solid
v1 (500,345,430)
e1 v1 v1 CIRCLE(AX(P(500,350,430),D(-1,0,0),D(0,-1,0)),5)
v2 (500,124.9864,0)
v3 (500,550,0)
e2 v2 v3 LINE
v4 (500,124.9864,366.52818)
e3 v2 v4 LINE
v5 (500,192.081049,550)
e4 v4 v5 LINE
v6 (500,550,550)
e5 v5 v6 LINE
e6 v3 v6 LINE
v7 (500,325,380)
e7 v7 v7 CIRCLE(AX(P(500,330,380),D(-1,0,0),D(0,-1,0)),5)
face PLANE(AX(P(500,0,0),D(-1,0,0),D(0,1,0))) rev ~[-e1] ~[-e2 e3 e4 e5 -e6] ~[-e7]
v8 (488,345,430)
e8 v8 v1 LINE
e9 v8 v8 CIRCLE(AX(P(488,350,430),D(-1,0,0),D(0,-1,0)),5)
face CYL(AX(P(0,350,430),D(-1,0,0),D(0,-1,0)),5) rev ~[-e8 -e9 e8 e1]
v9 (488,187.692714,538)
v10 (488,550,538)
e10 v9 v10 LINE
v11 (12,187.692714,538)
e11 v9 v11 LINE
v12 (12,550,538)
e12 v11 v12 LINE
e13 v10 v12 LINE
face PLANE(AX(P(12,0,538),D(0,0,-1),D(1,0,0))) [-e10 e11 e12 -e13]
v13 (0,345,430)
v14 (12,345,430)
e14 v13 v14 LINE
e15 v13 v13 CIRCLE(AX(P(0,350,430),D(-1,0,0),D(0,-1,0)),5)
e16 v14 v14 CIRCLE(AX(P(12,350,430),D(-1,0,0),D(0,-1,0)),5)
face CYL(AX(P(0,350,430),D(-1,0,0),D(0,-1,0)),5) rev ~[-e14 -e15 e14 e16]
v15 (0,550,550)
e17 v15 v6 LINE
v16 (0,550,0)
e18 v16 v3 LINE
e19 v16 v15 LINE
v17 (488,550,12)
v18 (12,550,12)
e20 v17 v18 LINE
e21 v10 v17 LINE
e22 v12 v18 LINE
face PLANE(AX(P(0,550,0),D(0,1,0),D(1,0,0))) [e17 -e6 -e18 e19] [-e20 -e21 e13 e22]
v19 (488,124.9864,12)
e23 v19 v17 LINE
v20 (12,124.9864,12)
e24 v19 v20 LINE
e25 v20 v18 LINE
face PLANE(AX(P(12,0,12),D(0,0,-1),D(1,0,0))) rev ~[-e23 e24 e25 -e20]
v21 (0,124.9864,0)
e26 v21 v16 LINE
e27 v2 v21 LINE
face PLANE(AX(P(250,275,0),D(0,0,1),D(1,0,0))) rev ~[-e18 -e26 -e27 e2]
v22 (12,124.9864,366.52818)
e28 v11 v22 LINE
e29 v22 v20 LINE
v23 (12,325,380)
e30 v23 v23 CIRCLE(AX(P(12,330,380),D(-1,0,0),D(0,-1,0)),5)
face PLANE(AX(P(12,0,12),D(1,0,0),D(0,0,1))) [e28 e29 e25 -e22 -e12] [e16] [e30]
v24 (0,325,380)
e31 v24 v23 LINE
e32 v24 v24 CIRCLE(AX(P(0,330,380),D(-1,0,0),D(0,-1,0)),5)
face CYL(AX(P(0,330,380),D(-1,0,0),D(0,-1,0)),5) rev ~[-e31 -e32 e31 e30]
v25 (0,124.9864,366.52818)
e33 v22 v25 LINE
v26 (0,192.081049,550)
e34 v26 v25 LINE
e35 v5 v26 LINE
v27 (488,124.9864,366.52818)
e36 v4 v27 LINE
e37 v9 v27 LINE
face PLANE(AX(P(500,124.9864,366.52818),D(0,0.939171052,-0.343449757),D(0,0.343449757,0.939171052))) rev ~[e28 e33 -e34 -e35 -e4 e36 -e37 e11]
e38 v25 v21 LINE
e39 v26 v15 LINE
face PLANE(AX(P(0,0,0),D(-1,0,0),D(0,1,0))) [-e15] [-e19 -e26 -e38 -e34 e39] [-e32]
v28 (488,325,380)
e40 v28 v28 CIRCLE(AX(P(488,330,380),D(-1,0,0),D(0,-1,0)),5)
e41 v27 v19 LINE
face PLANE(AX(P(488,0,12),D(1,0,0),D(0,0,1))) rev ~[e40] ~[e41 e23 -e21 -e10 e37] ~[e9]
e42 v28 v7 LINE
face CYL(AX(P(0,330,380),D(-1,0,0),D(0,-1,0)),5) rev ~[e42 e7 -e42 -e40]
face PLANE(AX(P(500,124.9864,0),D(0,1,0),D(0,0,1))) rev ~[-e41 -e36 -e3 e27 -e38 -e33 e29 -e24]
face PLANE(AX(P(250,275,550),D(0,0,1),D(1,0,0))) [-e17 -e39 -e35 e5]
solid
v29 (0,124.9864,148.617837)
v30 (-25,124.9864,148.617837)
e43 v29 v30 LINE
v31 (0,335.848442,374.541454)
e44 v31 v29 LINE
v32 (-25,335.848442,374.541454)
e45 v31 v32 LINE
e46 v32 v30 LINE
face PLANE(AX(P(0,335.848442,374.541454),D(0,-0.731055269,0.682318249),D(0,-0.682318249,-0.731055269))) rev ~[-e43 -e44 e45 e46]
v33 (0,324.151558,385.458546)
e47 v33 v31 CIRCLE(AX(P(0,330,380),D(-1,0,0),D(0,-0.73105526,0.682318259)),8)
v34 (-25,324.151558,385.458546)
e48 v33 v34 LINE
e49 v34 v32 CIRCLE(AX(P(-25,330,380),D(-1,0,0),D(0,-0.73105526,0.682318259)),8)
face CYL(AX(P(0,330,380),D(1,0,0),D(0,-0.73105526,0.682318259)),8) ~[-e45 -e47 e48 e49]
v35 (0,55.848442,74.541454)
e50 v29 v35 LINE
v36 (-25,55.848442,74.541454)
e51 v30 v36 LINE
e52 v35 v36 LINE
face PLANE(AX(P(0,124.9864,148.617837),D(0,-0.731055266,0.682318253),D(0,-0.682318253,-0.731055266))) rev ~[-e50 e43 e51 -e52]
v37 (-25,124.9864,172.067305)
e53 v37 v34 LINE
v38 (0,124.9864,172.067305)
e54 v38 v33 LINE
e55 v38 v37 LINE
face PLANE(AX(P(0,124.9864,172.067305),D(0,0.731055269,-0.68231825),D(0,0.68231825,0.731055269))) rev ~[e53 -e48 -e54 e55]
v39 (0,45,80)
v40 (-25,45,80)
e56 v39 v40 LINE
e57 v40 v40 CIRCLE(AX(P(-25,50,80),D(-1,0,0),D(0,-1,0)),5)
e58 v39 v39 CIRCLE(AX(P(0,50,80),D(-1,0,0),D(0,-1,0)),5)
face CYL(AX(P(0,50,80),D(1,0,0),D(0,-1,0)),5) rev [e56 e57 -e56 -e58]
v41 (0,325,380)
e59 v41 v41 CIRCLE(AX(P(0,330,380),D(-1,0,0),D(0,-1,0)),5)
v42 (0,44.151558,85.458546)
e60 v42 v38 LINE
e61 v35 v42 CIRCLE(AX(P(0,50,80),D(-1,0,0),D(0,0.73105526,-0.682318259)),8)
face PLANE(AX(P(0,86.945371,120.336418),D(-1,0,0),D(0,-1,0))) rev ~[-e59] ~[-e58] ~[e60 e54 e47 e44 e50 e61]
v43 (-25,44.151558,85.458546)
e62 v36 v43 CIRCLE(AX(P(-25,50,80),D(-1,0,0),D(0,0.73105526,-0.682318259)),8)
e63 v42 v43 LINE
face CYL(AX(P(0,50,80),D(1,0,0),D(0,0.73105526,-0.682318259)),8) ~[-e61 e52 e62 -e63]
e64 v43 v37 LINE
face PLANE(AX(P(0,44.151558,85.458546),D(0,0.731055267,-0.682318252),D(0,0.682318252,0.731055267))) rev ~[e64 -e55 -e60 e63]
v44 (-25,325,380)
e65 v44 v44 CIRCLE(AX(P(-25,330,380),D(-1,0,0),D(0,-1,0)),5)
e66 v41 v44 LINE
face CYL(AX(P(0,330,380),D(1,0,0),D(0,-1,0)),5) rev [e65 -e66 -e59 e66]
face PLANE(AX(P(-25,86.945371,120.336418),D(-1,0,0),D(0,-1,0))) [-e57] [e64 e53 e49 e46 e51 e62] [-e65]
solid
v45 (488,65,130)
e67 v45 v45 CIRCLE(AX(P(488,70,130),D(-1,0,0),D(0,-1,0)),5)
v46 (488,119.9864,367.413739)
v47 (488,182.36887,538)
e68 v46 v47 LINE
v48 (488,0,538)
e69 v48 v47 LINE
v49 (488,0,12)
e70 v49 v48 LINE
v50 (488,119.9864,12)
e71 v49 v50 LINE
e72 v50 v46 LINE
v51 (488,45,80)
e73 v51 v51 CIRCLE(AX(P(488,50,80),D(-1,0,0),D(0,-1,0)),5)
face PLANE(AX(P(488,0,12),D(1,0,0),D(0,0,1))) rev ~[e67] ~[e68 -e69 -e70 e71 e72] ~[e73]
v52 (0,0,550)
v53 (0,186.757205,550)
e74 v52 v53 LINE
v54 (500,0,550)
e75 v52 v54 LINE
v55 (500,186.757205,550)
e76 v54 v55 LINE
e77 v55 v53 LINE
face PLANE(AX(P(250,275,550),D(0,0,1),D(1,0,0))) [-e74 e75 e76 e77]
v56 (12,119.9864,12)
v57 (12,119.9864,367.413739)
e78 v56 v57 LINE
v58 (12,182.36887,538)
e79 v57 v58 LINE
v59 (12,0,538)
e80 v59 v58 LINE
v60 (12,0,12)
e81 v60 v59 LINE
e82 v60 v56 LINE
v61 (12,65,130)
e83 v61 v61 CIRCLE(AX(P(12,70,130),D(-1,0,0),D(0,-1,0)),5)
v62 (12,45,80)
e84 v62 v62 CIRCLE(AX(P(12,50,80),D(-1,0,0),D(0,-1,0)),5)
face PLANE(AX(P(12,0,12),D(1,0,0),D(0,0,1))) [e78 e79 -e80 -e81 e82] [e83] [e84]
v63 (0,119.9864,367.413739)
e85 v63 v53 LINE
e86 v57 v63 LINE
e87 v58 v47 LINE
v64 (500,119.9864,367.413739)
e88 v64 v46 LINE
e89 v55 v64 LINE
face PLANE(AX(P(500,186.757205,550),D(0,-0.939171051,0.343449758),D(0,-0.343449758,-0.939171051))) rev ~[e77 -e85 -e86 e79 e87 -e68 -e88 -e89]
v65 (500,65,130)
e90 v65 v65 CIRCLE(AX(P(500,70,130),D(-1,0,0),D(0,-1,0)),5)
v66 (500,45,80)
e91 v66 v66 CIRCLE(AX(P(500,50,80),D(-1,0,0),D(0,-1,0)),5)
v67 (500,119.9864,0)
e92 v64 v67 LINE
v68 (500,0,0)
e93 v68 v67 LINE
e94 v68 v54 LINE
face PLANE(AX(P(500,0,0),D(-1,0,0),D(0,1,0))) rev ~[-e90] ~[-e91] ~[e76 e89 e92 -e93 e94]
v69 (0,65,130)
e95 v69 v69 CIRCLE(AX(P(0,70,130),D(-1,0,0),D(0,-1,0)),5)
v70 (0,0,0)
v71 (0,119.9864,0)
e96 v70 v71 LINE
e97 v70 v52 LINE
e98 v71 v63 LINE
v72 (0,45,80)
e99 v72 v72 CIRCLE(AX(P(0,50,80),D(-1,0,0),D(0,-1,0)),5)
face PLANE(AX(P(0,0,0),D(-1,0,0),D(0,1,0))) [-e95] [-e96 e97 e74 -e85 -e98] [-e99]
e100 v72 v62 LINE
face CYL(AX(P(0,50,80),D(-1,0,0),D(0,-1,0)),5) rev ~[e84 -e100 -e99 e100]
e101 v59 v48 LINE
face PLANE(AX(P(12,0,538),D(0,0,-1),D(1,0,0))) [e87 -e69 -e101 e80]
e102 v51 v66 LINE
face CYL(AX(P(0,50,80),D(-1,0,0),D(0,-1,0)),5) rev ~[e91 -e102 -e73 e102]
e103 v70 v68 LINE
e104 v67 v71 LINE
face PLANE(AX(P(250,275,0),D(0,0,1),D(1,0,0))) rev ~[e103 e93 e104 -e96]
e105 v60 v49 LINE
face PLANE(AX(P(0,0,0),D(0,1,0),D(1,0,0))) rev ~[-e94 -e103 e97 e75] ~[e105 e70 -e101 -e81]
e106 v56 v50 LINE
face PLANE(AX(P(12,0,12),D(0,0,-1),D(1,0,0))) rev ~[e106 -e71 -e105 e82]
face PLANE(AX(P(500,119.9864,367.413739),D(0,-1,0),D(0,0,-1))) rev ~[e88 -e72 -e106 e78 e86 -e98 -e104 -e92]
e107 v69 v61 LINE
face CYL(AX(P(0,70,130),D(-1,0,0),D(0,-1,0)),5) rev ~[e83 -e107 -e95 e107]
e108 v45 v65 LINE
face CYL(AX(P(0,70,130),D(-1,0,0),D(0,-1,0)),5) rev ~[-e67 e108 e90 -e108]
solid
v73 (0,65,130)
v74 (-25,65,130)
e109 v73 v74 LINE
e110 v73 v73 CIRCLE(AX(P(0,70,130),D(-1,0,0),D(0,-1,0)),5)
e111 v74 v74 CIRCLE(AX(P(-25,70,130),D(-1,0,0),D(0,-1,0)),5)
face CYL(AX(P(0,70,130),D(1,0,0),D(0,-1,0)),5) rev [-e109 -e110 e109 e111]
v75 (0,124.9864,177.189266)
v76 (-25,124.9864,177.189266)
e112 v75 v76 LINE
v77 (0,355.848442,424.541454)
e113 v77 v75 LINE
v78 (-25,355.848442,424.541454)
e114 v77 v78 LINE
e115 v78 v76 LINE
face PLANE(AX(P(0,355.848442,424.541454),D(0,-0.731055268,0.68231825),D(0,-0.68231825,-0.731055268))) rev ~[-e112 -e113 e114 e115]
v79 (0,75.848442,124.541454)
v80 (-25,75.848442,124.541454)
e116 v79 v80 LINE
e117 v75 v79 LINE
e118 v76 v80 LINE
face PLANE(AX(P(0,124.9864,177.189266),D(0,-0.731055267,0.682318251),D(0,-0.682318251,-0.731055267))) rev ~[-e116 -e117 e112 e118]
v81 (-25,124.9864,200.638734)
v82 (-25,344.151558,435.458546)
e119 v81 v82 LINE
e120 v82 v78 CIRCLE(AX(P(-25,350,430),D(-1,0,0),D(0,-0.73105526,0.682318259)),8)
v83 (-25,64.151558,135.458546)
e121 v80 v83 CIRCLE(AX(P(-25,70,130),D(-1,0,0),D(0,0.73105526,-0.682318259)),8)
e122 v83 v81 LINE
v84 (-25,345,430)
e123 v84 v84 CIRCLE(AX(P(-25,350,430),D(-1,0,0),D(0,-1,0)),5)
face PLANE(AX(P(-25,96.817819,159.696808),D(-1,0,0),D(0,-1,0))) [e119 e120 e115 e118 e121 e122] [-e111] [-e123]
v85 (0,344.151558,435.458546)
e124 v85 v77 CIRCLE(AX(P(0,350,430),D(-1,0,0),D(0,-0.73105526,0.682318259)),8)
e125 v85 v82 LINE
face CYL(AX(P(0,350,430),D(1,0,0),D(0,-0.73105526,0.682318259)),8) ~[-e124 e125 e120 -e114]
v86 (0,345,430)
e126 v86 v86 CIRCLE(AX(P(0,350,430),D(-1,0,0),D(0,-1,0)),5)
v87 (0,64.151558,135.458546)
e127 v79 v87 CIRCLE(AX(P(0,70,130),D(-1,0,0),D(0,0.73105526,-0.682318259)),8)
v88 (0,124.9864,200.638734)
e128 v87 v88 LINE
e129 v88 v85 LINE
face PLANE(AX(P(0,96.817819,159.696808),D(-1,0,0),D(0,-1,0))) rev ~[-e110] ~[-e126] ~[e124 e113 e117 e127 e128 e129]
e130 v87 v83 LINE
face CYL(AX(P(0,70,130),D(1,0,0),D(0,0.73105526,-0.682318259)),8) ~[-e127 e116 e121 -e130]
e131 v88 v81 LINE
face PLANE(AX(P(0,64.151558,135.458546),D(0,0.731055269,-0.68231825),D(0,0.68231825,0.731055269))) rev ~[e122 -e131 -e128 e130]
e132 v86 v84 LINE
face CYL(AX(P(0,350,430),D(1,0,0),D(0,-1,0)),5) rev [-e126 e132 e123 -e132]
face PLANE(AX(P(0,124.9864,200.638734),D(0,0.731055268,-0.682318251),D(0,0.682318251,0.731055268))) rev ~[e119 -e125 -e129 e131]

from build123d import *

# Parameters (mm, degrees)
F0_W     = 500
F0_H     = 550
F1_DEPTH = 550
F3_DEPTH = 588
F4_W     = 476
F4_H     = 526
F5_DEPTH = 550.001
F6_R     = 5
F7_DEPTH = 25
F8_DEPTH = 1105


with BuildPart() as f1:
    # F0 (on Top) → F1 (new body)
    with BuildSketch(Plane.XY):
        with Locations((250, 275)):
            Rectangle(F0_W, F0_H)
    extrude(amount=F1_DEPTH)

    # F2 (on face) → F3 (cut)
    with BuildSketch(Plane.YZ.offset(500)):
        Polygon((119.9864, 367.413739), (119.9864, 0), (124.9864, 0), (124.9864, 366.52818), (192.081049, 550), (186.757205, 550), align=None)
    extrude(amount=-F3_DEPTH, mode=Mode.SUBTRACT)

    # F4 (on face) → F5 (cut, through all)
    with BuildSketch(Plane.XZ):
        with Locations((250, 275)):
            Rectangle(F4_W, F4_H)
    extrude(amount=-F5_DEPTH, mode=Mode.SUBTRACT)

    # F6 (on face) → F8 (cut)
    with BuildSketch(Plane(origin=(0, 0, 0), x_dir=(0, -1, 0), z_dir=(-1, 0, 0))):
        with Locations((-350, 430)):
            Circle(F6_R)
        with Locations((-330, 380)):
            Circle(F6_R)
        with Locations((-70, 130)):
            Circle(F6_R)
        with Locations((-50, 80)):
            Circle(F6_R)
    extrude(amount=-F8_DEPTH, mode=Mode.SUBTRACT)


with BuildPart() as f7:
    # F6 (on face) → F7 (new body)
    with BuildSketch(Plane(origin=(0, 0, 0), x_dir=(0, -1, 0), z_dir=(-1, 0, 0))):
        with BuildLine():
            Line((-64.151558, 135.458546), (-124.9864, 200.638734))
            Line((-124.9864, 200.638734), (-124.9864, 177.189266))
            Line((-124.9864, 177.189266), (-75.848442, 124.541454))
            ThreePointArc((-75.848442, 124.541454), (-64.541454, 124.151558), (-64.151558, 135.458546))
        make_face()
        with Locations((-70, 130)):
            Circle(F6_R, mode=Mode.SUBTRACT)
        with BuildLine():
            Line((-124.9864, 172.067305), (-124.9864, 148.617837))
            Line((-124.9864, 148.617837), (-55.848442, 74.541454))
            ThreePointArc((-55.848442, 74.541454), (-44.541454, 74.151558), (-44.151558, 85.458546))
            Line((-44.151558, 85.458546), (-124.9864, 172.067305))
        make_face()
        with Locations((-50, 80)):
            Circle(F6_R, mode=Mode.SUBTRACT)
        with BuildLine():
            Line((-335.848442, 374.541454), (-124.9864, 148.617837))
            Line((-124.9864, 148.617837), (-124.9864, 172.067305))
            Line((-124.9864, 172.067305), (-324.151558, 385.458546))
            ThreePointArc((-324.151558, 385.458546), (-335.458546, 385.848442), (-335.848442, 374.541454))
        make_face()
        with Locations((-330, 380)):
            Circle(F6_R, mode=Mode.SUBTRACT)
        with BuildLine():
            Line((-124.9864, 177.189266), (-124.9864, 200.638734))
            Line((-124.9864, 200.638734), (-344.151558, 435.458546))
            ThreePointArc((-344.151558, 435.458546), (-355.458546, 435.848442), (-355.848442, 424.541454))
            Line((-355.848442, 424.541454), (-124.9864, 177.189266))
        make_face()
        with Locations((-350, 430)):
            Circle(F6_R, mode=Mode.SUBTRACT)
    extrude(amount=F7_DEPTH)


solid = Compound([f1.part, f7.part])
